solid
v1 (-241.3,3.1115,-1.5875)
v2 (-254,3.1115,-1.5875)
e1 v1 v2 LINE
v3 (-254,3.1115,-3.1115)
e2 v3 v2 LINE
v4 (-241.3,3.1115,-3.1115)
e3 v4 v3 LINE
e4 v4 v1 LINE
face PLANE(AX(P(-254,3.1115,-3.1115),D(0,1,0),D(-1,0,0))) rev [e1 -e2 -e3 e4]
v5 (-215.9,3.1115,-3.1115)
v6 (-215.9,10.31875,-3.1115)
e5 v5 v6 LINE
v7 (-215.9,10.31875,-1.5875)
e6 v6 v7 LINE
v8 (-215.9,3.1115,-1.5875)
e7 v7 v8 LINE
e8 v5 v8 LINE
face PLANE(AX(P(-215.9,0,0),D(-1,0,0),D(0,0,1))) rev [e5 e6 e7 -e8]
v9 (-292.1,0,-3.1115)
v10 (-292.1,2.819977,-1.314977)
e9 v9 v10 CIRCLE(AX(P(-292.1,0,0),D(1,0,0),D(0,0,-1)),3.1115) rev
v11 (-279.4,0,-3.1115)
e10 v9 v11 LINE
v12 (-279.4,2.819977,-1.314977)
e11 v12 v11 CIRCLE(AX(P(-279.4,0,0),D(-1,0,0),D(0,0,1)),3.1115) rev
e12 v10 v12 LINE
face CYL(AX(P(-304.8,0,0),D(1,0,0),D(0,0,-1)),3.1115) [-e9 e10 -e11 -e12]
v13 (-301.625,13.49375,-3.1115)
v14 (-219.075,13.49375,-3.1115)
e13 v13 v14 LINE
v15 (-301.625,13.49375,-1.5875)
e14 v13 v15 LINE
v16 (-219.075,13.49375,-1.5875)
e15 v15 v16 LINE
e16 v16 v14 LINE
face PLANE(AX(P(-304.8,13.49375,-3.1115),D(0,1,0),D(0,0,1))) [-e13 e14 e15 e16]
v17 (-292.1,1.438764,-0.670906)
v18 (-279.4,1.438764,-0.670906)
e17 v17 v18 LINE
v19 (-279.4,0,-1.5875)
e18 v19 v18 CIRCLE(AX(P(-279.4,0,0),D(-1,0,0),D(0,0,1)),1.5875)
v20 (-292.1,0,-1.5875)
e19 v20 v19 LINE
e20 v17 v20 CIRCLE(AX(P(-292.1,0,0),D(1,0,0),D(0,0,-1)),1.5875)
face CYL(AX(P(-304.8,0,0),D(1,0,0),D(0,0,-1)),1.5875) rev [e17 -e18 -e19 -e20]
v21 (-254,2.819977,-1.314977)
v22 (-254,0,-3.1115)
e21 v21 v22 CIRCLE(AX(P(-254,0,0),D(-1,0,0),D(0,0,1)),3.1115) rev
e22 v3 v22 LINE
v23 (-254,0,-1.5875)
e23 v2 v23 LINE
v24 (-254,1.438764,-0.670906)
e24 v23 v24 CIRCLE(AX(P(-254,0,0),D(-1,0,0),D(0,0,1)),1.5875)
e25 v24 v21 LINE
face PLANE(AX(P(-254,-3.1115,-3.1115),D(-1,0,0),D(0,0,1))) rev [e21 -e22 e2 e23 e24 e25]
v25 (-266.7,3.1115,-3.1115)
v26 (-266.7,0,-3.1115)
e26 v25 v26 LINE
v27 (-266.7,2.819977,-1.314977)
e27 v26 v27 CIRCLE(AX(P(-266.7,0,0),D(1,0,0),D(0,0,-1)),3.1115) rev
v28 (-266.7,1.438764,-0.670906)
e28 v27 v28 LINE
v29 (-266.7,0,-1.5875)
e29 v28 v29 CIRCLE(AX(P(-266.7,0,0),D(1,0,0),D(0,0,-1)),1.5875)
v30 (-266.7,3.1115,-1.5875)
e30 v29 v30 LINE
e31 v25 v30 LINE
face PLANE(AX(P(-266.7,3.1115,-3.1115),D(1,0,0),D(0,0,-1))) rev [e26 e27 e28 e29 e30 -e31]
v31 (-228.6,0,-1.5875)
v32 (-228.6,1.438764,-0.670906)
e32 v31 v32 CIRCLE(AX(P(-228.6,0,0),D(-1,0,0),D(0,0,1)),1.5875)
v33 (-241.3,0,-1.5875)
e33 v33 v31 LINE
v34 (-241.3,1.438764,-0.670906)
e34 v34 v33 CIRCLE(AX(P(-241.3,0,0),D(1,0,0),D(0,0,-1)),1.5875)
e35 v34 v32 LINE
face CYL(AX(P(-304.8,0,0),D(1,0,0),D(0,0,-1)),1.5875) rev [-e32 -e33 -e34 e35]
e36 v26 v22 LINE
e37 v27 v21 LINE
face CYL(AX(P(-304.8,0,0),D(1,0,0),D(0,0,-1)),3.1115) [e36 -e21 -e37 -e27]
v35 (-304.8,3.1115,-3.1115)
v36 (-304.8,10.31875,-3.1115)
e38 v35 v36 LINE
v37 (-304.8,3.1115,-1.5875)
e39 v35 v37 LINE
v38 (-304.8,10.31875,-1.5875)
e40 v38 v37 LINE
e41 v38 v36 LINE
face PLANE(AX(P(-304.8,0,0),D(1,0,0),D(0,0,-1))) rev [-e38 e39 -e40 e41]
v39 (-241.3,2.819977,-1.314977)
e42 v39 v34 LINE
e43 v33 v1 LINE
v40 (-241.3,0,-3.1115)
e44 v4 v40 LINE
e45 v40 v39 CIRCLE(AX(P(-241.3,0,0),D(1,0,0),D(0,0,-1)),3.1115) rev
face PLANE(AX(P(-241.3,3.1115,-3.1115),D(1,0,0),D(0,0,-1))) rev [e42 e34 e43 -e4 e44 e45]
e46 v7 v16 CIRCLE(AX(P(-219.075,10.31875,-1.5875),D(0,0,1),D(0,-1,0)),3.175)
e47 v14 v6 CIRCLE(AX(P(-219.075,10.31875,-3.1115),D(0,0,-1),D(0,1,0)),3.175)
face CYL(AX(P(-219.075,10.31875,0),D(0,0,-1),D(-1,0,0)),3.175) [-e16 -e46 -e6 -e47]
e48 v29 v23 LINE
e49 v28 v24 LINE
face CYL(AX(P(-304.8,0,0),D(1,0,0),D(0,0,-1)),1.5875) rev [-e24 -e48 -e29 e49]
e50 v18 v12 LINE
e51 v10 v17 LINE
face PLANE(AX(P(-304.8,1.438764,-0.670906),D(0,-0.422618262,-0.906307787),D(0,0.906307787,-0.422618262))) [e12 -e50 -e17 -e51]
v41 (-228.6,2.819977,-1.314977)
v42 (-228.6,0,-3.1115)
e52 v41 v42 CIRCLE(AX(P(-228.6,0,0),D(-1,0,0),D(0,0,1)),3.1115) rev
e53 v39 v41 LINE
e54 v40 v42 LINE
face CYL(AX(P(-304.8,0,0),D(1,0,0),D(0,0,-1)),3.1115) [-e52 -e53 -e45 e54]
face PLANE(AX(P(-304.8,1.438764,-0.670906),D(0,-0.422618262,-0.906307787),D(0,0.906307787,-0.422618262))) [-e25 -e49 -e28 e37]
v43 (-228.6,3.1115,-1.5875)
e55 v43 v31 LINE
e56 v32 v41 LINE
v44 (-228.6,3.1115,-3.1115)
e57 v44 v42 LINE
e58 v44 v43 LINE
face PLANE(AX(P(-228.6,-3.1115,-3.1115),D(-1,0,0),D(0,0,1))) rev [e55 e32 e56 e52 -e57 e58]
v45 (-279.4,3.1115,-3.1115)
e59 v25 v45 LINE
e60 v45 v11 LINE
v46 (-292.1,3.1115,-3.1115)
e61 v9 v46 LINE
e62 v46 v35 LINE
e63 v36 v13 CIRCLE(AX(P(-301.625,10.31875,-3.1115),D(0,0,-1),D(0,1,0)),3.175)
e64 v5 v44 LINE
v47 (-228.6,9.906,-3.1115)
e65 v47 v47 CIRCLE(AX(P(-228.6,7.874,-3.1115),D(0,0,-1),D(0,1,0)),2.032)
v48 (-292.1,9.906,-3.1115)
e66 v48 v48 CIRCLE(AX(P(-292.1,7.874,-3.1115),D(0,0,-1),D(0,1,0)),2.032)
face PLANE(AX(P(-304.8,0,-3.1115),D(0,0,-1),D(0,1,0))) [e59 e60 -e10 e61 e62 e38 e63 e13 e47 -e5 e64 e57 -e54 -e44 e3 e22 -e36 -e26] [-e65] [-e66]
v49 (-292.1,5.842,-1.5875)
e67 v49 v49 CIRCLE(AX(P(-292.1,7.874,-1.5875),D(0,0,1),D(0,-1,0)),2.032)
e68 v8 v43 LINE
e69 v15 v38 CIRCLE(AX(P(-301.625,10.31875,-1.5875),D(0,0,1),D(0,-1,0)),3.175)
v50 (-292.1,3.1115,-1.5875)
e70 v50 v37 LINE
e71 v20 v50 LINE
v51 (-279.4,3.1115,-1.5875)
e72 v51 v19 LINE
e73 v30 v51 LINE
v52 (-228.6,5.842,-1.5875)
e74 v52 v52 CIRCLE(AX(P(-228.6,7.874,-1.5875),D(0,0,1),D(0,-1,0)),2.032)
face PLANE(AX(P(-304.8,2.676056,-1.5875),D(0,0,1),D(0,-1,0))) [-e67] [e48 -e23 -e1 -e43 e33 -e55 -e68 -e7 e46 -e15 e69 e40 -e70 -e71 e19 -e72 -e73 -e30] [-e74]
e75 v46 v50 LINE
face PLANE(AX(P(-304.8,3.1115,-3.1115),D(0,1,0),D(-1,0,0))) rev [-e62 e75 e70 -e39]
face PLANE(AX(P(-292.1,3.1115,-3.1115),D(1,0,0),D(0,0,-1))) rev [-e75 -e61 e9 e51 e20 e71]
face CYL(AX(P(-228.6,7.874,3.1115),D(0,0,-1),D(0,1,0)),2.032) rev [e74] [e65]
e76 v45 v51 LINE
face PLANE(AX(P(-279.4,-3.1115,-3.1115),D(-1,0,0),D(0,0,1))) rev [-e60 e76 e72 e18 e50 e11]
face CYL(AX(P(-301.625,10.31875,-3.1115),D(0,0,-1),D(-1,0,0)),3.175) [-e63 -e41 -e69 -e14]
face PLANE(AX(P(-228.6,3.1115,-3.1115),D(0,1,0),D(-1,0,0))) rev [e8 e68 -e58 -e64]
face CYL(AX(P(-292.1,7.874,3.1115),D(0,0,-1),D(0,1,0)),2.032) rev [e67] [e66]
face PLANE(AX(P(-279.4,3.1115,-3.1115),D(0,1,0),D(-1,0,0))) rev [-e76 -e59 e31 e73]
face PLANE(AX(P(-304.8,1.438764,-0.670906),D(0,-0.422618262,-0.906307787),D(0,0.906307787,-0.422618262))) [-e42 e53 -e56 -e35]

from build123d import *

# Parameters (mm, degrees)
BOSS_EXTRUDE1_DEPTH = 304.8
SKETCH4_W           = 12.7
SKETCH4_H           = 6.223
CUT_EXTRUDE1_DEPTH  = 306.114409233
LPATTERN1_COUNT     = 24
LPATTERN1_PITCH     = 25.4
BOSS_EXTRUDE2_DEPTH = 609.6
SKETCH6_W           = 12.7
SKETCH6_H           = 6.223
CUT_EXTRUDE2_DEPTH  = 306.114409233
LPATTERN2_COUNT     = 24
LPATTERN2_PITCH     = 25.4
SKETCH7_R           = 1.5875
BOSS_EXTRUDE3_DEPTH = 609.6
CHAMFER1_SIZE       = 0.3175
CUT_EXTRUDE3_START  = -88.9
SKETCH8_W           = 11.762471384
SKETCH8_H           = 30.066276354
CUT_EXTRUDE3_DEPTH  = 521.857265411
FILLET1_R           = 3.175
SKETCH9_R           = 2.032
SKETCH9_R_2         = 2.031999998
CUT_EXTRUDE4_DEPTH  = 306.162001268


with BuildPart() as part:
    # Sketch3 → Boss-Extrude1 (new, symmetric)
    with BuildSketch(Plane(origin=(0, 0, 0), x_dir=(0, 0, -1), z_dir=(1, 0, 0))):
        with BuildLine():
            Line((1.5875, 0), (1.5875, -2.676056053))
            Line((1.5875, -2.676056053), (1.5875, -13.49375))
            Line((1.5875, -13.49375), (3.1115, -13.49375))
            Line((3.1115, -13.49375), (3.1115, 0))
            ThreePointArc((3.1115, 0), (-2.624212484, 1.671807731), (1.314976721, -2.819976679))
            Line((1.314976721, -2.819976679), (0.670906491, -1.438763612))
            ThreePointArc((0.670906491, -1.438763612), (-1.33888392, 0.852963128), (1.5875, 0))
        make_face()
    extrude(amount=BOSS_EXTRUDE1_DEPTH, both=True)

    # Sketch4 → Cut-Extrude1 (cut, symmetric)
    with BuildSketch(Plane.XY):
        with Locations((298.45, 0)):
            Rectangle(SKETCH4_W, SKETCH4_H)
    cut_extrude1 = extrude(amount=CUT_EXTRUDE1_DEPTH, both=True, mode=Mode.SUBTRACT)

    # LPattern1: Cut-Extrude1 ×24
    with Locations(*[(-i * LPATTERN1_PITCH, 0, 0) for i in range(1, LPATTERN1_COUNT)]):
        add(cut_extrude1, mode=Mode.SUBTRACT)


with BuildPart() as body_2:
    # Sketch5 → Boss-Extrude2 (new body)
    with BuildSketch(Plane(origin=(304.8, 0, 0), x_dir=(0, 0, -1), z_dir=(1, 0, 0))):
        with BuildLine():
            Line((1.5875, 13.49375), (1.5875, 2.676056053))
            Line((1.5875, 2.676056053), (1.5875, 0))
            ThreePointArc((1.5875, 0), (-1.33888392, -0.852963128), (0.670906491, 1.438763612))
            Line((0.670906491, 1.438763612), (1.314976721, 2.819976679))
            ThreePointArc((1.314976721, 2.819976679), (-2.624212484, -1.671807731), (3.1115, 0))
            Line((3.1115, 0), (3.1115, 13.49375))
            Line((3.1115, 13.49375), (1.5875, 13.49375))
        make_face()
    extrude(amount=-BOSS_EXTRUDE2_DEPTH)

    # Sketch6 → Cut-Extrude2 (cut, symmetric)
    with BuildSketch(Plane.XY):
        with Locations((285.75, 0)):
            Rectangle(SKETCH6_W, SKETCH6_H)
    cut_extrude2 = extrude(amount=CUT_EXTRUDE2_DEPTH, both=True, mode=Mode.SUBTRACT)

    # LPattern2: Cut-Extrude2 ×24
    with Locations(*[(-i * LPATTERN2_PITCH, 0, 0) for i in range(1, LPATTERN2_COUNT)]):
        add(cut_extrude2, mode=Mode.SUBTRACT)


with BuildPart() as body_3:
    # Sketch7 → Boss-Extrude3 (new body)
    with BuildSketch(Plane(origin=(304.8, 0, 0), x_dir=(0, 0, -1), z_dir=(1, 0, 0))):
        Circle(SKETCH7_R)
    extrude(amount=-BOSS_EXTRUDE3_DEPTH)

    # Chamfer1
    chamfer1_edges = [body_3.edges().sort_by_distance(p)[0] for p in [
        (304.8, 0, 1.5875),
        (-304.8, 0, 1.5875),
    ]]
    chamfer(chamfer1_edges, length=CHAMFER1_SIZE)


with BuildPart() as cut_extrude3_tool:
    # Sketch8 → Cut-Extrude3 (new, through all)
    with BuildSketch(Plane.ZY.offset(304.8).offset(CUT_EXTRUDE3_START)):
        Rectangle(SKETCH8_W, SKETCH8_H)
    extrude(amount=-CUT_EXTRUDE3_DEPTH)


with BuildPart() as part_1:
    add(part.part)

    # Cut-Extrude3: cut by cut_extrude3_tool
    add(cut_extrude3_tool.part, mode=Mode.SUBTRACT)


with BuildPart() as body_2_1:
    add(body_2.part)

    # Cut-Extrude3: cut by cut_extrude3_tool
    add(cut_extrude3_tool.part, mode=Mode.SUBTRACT)

    # Fillet1
    fillet1_edges = [body_2_1.edges().sort_by_distance(p)[0] for p in [
        (-304.8, 13.49375, -2.3495),
        (-215.9, 13.49375, -2.3495),
    ]]
    fillet(fillet1_edges, radius=FILLET1_R)

    # Sketch9 → Cut-Extrude4 (cut, through all)
    with BuildSketch(Plane(origin=(0, 0, -3.1115), x_dir=(-1, 0, 0), z_dir=(0, 0, -1))):
        with Locations(Location((228.600000002, 7.874000002, 0), (0, 0, 90))):
            Circle(SKETCH9_R)
        with Locations(Location((292.100000002, 7.874000002, 0), (0, 0, 90))):
            Circle(SKETCH9_R_2)
    extrude(amount=-CUT_EXTRUDE4_DEPTH, mode=Mode.SUBTRACT)


with BuildPart() as body_3_1:
    add(body_3.part)

    # Cut-Extrude3: cut by cut_extrude3_tool
    add(cut_extrude3_tool.part, mode=Mode.SUBTRACT)


solid = body_2_1.part
